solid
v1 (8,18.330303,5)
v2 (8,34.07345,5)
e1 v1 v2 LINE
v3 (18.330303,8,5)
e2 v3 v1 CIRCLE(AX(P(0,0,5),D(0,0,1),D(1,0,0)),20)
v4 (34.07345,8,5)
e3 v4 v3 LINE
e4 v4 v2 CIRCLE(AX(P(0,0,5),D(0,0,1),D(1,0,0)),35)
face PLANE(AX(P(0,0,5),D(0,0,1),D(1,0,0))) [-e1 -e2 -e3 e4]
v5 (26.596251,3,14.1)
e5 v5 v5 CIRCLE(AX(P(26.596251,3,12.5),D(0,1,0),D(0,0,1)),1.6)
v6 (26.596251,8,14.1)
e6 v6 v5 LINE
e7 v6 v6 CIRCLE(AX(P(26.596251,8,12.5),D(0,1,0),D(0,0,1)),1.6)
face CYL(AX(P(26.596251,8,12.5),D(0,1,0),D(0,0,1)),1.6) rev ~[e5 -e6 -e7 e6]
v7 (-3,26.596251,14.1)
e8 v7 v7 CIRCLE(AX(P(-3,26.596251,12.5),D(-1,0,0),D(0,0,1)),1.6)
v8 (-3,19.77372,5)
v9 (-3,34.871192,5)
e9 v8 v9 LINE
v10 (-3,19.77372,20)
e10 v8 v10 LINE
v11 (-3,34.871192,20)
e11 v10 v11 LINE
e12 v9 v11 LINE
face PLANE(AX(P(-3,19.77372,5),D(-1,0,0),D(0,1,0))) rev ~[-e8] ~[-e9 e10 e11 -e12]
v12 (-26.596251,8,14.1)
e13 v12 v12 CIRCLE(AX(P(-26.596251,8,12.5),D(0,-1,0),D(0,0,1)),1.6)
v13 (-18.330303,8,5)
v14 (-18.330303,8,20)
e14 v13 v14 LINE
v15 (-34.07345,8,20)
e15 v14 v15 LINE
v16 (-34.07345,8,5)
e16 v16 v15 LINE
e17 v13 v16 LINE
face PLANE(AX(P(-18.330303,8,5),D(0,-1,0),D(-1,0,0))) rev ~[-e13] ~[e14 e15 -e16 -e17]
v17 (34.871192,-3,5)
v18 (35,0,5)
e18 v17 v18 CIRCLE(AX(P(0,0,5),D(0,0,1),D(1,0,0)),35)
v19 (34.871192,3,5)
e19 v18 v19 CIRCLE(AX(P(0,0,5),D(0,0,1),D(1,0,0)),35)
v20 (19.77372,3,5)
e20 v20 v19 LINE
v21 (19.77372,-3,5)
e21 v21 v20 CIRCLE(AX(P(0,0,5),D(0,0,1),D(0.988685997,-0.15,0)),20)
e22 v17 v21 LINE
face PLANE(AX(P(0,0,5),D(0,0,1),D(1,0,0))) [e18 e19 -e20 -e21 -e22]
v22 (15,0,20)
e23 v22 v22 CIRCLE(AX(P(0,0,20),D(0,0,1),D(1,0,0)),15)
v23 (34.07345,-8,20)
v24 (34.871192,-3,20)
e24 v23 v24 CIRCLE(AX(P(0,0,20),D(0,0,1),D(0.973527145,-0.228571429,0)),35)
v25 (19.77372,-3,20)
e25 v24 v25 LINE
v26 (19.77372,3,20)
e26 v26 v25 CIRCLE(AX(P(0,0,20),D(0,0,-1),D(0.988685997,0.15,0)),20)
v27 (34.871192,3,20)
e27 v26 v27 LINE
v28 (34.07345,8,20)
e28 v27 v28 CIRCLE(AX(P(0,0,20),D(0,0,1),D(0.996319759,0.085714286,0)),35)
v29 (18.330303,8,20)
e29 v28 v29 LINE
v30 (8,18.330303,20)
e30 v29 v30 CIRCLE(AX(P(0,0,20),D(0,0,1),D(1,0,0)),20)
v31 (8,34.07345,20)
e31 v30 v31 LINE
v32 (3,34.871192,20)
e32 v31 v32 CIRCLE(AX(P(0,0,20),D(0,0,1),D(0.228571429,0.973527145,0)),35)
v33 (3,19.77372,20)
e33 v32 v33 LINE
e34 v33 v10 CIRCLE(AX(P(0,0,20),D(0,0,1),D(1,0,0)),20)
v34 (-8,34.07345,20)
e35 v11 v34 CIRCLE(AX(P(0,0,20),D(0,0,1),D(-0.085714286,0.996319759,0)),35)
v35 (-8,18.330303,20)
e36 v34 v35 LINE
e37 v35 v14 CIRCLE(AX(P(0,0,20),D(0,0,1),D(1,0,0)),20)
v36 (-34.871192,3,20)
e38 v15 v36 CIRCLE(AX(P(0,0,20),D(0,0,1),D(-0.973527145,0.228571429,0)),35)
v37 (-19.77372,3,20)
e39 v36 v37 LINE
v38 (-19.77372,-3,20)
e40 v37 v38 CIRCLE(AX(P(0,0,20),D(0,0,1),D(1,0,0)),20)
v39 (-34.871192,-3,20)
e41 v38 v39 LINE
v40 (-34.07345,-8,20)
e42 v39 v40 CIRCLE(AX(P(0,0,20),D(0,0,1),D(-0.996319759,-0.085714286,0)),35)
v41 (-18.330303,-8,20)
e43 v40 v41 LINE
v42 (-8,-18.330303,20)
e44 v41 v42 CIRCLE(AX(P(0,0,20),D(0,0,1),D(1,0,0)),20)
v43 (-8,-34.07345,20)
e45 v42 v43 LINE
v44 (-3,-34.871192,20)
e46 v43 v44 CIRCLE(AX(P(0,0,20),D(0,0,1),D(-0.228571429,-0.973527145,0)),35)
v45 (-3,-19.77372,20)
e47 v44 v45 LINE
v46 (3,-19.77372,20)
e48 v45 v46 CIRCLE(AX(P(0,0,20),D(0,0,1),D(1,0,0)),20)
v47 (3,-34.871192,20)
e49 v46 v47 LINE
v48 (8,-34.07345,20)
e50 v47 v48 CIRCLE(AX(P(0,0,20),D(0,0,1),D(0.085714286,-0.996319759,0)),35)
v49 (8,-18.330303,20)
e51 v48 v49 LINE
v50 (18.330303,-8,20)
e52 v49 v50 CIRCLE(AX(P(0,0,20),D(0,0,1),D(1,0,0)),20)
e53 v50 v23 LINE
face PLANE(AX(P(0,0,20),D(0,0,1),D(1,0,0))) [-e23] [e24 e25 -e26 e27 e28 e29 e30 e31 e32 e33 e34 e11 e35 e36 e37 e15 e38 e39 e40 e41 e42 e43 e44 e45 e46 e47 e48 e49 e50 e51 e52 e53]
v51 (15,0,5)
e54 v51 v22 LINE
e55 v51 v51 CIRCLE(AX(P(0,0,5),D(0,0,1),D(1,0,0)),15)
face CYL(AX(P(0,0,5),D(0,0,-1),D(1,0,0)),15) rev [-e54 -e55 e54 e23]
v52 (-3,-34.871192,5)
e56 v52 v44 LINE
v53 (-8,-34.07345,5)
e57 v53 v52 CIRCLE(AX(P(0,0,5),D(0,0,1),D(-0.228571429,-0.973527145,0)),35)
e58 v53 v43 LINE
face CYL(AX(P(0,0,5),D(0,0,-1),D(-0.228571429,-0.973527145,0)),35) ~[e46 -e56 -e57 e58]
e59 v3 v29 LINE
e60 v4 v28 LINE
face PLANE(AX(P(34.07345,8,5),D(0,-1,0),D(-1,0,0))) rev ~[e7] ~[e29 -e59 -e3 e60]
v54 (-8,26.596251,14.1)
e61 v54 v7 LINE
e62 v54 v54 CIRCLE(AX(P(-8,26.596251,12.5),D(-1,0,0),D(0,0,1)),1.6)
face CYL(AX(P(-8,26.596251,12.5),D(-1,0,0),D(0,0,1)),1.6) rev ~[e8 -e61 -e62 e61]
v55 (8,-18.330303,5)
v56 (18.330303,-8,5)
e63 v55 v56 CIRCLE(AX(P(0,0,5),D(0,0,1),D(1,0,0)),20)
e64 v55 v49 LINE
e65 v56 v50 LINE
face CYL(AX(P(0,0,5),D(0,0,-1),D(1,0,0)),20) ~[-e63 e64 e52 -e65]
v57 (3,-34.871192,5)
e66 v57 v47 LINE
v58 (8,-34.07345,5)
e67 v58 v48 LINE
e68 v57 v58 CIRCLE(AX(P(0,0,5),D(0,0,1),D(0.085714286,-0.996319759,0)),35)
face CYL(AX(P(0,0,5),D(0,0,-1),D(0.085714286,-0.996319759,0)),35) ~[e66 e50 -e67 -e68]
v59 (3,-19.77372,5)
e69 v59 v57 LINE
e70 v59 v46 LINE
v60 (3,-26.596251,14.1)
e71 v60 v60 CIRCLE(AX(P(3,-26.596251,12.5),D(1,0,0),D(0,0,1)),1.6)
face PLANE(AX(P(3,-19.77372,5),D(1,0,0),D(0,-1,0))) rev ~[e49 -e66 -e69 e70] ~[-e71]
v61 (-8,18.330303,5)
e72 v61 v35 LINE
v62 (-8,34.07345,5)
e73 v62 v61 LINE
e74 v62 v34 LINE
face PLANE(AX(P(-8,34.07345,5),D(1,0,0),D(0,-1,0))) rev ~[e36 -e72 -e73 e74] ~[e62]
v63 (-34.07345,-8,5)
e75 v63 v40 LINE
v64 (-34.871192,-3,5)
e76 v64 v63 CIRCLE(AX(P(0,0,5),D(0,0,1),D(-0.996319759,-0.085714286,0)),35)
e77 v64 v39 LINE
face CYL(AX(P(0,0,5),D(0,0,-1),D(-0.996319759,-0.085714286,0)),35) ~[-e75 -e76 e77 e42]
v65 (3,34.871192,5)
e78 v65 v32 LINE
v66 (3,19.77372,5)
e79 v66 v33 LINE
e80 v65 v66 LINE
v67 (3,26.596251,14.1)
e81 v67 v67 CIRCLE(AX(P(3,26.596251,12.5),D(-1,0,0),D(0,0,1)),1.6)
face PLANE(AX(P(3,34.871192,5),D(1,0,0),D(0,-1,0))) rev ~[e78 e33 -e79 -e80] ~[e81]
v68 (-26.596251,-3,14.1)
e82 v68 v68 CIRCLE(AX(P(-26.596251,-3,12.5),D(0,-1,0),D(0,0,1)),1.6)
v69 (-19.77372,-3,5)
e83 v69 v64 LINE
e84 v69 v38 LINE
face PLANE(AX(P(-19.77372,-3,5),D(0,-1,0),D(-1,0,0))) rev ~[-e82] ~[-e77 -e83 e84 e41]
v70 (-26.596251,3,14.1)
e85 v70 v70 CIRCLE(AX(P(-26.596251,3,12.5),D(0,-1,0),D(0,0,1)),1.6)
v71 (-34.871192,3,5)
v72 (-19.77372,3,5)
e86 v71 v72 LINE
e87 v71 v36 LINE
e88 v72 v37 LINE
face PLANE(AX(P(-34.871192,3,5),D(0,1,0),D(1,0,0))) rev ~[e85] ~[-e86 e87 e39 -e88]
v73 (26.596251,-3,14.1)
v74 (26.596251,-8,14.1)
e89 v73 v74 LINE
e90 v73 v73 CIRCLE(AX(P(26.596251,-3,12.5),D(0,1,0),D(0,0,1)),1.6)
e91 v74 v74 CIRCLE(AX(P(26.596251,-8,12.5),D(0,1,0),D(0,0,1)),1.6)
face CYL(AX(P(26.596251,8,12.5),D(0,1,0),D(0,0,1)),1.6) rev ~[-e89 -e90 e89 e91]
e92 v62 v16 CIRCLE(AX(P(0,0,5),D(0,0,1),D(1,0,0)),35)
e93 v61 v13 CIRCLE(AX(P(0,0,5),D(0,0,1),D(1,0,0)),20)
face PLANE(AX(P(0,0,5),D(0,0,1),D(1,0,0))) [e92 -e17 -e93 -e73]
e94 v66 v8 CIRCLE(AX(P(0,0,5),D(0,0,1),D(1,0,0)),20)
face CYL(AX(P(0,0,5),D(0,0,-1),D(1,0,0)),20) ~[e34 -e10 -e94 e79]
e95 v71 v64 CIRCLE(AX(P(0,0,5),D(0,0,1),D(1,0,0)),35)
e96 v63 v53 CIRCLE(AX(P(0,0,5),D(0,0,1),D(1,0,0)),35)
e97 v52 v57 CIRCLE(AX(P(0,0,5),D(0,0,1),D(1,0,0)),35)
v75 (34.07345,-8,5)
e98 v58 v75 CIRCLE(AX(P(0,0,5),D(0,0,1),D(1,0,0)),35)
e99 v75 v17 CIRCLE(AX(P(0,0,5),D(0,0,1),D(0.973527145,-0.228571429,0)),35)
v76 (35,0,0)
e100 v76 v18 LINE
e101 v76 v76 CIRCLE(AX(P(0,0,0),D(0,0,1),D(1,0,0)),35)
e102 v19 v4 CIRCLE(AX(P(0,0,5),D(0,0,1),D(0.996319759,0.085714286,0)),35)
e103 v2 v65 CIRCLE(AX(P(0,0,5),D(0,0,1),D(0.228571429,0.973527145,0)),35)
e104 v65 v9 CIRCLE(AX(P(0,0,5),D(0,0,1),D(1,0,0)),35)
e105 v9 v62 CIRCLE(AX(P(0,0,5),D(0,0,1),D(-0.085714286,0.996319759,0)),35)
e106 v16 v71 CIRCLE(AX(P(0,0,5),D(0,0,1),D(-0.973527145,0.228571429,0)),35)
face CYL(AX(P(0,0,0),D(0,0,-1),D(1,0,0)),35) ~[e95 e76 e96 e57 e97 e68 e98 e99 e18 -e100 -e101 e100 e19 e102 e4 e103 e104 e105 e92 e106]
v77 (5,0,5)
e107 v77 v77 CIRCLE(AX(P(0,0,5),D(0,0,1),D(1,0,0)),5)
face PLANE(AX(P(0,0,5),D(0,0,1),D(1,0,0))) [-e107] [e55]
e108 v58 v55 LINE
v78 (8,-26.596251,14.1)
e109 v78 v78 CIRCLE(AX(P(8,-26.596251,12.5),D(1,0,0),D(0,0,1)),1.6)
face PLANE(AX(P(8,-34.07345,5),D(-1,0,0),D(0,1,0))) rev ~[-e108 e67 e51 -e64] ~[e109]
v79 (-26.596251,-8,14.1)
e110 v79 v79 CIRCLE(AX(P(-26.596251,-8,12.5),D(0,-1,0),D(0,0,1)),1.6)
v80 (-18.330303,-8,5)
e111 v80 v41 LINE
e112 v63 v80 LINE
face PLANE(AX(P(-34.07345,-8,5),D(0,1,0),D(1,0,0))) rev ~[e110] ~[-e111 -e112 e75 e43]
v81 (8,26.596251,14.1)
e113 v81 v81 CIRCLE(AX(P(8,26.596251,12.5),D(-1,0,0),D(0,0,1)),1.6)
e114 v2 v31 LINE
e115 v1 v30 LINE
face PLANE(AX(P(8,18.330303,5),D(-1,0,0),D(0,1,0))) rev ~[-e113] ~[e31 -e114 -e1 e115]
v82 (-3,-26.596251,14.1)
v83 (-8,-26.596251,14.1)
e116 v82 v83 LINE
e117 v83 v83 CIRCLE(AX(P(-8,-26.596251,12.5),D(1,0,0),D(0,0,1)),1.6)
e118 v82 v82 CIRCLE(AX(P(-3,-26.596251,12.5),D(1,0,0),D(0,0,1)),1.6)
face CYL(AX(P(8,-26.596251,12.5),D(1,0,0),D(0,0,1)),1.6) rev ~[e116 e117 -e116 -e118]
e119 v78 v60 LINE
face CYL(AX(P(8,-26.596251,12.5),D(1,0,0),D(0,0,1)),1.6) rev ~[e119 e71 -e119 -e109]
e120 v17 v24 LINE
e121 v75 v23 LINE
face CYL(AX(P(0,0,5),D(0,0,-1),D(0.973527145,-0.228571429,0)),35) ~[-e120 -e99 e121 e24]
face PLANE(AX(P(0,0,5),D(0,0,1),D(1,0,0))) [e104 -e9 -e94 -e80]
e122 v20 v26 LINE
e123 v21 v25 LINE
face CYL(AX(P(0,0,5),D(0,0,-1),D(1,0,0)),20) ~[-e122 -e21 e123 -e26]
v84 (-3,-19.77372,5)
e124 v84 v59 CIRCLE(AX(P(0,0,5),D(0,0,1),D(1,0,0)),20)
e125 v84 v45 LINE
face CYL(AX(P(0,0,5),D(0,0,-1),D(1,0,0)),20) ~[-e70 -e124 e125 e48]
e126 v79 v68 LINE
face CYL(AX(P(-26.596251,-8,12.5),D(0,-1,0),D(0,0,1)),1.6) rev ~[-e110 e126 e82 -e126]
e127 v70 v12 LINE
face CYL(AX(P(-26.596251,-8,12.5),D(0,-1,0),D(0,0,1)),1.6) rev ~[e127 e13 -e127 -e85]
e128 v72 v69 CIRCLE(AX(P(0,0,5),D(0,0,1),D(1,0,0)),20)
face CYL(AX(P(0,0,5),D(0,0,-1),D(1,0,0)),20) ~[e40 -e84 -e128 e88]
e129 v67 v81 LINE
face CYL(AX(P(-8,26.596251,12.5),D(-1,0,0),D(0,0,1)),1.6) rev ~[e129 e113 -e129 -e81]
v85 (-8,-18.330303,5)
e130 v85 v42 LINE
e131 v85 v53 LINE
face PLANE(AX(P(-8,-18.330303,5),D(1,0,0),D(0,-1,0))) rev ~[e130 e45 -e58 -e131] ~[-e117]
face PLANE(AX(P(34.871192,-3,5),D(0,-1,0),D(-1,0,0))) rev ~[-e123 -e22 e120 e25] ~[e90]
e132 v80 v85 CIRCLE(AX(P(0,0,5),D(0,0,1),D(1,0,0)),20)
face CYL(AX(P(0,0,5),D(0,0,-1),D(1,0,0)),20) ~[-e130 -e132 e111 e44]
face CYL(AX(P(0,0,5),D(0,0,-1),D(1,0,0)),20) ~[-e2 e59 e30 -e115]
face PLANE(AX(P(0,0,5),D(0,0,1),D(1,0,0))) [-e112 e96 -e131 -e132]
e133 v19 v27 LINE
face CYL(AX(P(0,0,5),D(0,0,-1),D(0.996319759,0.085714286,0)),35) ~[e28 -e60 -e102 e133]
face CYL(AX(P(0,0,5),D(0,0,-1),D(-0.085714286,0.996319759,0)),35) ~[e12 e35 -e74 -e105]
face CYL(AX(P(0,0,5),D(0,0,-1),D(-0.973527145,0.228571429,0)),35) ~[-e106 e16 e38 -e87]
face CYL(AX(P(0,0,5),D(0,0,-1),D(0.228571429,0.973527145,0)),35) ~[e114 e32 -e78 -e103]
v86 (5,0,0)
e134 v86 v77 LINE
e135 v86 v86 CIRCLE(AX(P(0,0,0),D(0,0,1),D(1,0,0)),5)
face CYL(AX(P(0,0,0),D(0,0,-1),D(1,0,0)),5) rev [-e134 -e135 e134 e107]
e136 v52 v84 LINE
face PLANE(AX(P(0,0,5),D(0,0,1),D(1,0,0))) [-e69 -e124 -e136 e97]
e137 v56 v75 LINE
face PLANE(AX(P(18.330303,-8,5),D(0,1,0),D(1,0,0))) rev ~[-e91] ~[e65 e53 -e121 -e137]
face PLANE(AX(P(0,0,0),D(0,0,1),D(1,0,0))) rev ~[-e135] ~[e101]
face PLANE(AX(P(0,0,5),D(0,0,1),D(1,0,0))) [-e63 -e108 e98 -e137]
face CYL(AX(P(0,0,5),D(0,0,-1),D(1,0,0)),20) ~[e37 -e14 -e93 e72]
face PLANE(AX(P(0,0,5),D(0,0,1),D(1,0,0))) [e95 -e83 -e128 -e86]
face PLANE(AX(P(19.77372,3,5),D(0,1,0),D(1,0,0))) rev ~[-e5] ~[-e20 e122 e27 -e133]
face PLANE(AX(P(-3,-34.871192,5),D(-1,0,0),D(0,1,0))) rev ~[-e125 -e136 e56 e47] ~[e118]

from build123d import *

# Parameters (mm, degrees)
SKETCH2_R           = 35
SKETCH2_R_2         = 5
BOSS_EXTRUDE1_DEPTH = 5
SKETCH3_R           = 20
SKETCH3_R_2         = 15
BOSS_EXTRUDE3_DEPTH = 15
SKETCH4_R           = 1.6
CUT_EXTRUDE1_DEPTH  = 59.940648113
CIRPATTERN1_COUNT   = 4


with BuildPart() as part:
    # Sketch2 → Boss-Extrude1 (new body)
    with BuildSketch(Plane.XY):
        Circle(SKETCH2_R)
        Circle(SKETCH2_R_2, mode=Mode.SUBTRACT)
    extrude(amount=BOSS_EXTRUDE1_DEPTH)

    # Sketch3 → Boss-Extrude3 (add)
    # profile 1 of 9: a face of its own
    with BuildSketch(Plane.XY.offset(5)):
        with BuildLine():
            ThreePointArc((-3, -19.773719933), (-5.547149112, -19.215335978), (-8, -18.33030278))
            Line((-8, -18.33030278), (-8, -34.073450075))
            ThreePointArc((-8, -34.073450075), (-5.514444475, -34.562854369), (-3, -34.871191548))
            Line((-3, -34.871191548), (-3, -19.773719933))
        make_face()
    # profile 2 of 9: a face of its own
    with BuildSketch(Plane.XY.offset(5)):
        with BuildLine():
            Line((8, -34.073450075), (8, -18.33030278))
            ThreePointArc((8, -18.33030278), (5.547149112, -19.215335978), (3, -19.773719933))
            Line((3, -19.773719933), (3, -34.871191548))
            ThreePointArc((3, -34.871191548), (5.514444475, -34.562854369), (8, -34.073450075))
        make_face()
    # profile 3 of 9: a face of its own
    with BuildSketch(Plane.XY.offset(5)):
        with BuildLine():
            Line((34.871191548, -3), (19.773719933, -3))
            ThreePointArc((19.773719933, -3), (19.215335978, -5.547149112), (18.33030278, -8))
            Line((18.33030278, -8), (34.073450075, -8))
            ThreePointArc((34.073450075, -8), (34.562854369, -5.514444475), (34.871191548, -3))
        make_face()
    # profile 4 of 9: a face of its own
    with BuildSketch(Plane.XY.offset(5)):
        with BuildLine():
            Line((34.073450075, 8), (18.33030278, 8))
            ThreePointArc((18.33030278, 8), (19.215335978, 5.547149112), (19.773719933, 3))
            Line((19.773719933, 3), (34.871191548, 3))
            ThreePointArc((34.871191548, 3), (34.562854369, 5.514444475), (34.073450075, 8))
        make_face()
    # profile 5 of 9: a face of its own
    with BuildSketch(Plane.XY.offset(5)):
        with BuildLine():
            Line((3, 34.871191548), (3, 19.773719933))
            ThreePointArc((3, 19.773719933), (5.547149112, 19.215335978), (8, 18.33030278))
            Line((8, 18.33030278), (8, 34.073450075))
            ThreePointArc((8, 34.073450075), (5.514444475, 34.562854369), (3, 34.871191548))
        make_face()
    # profile 6 of 9: a face of its own
    with BuildSketch(Plane.XY.offset(5)):
        with BuildLine():
            ThreePointArc((-8, 18.33030278), (-5.547149112, 19.215335978), (-3, 19.773719933))
            Line((-3, 19.773719933), (-3, 34.871191548))
            ThreePointArc((-3, 34.871191548), (-5.514444475, 34.562854369), (-8, 34.073450075))
            Line((-8, 34.073450075), (-8, 18.33030278))
        make_face()
    # profile 7 of 9: a face of its own
    with BuildSketch(Plane.XY.offset(5)):
        with BuildLine():
            ThreePointArc((-19.773719933, 3), (-19.215335978, 5.547149112), (-18.33030278, 8))
            Line((-18.33030278, 8), (-34.073450075, 8))
            ThreePointArc((-34.073450075, 8), (-34.562854369, 5.514444475), (-34.871191548, 3))
            Line((-34.871191548, 3), (-19.773719933, 3))
        make_face()
    # profile 8 of 9: a face of its own
    with BuildSketch(Plane.XY.offset(5)):
        with BuildLine():
            ThreePointArc((-18.33030278, -8), (-19.215335978, -5.547149112), (-19.773719933, -3))
            Line((-19.773719933, -3), (-34.871191548, -3))
            ThreePointArc((-34.871191548, -3), (-34.562854369, -5.514444475), (-34.073450075, -8))
            Line((-34.073450075, -8), (-18.33030278, -8))
        make_face()
    # profile 9 of 9: a face of its own
    with BuildSketch(Plane.XY.offset(5)):
        Circle(SKETCH3_R)
        Circle(SKETCH3_R_2, mode=Mode.SUBTRACT)
    extrude(amount=BOSS_EXTRUDE3_DEPTH)

    # Sketch4 → Cut-Extrude1 (cut, through all)
    with BuildSketch(Plane.ZY.offset(8)):
        with Locations((12.5, 26.596250524)):
            Circle(SKETCH4_R)
    cut_extrude1 = extrude(amount=-CUT_EXTRUDE1_DEPTH, mode=Mode.SUBTRACT)

    # CirPattern1: Cut-Extrude1 ×4 about axis
    cirpattern1_axis = Axis((0, 0, 20), (0, 0, -1))
    for i in range(1, CIRPATTERN1_COUNT):
        add(cut_extrude1.rotate(cirpattern1_axis, i * 360 / CIRPATTERN1_COUNT), mode=Mode.SUBTRACT)


solid = part.part
